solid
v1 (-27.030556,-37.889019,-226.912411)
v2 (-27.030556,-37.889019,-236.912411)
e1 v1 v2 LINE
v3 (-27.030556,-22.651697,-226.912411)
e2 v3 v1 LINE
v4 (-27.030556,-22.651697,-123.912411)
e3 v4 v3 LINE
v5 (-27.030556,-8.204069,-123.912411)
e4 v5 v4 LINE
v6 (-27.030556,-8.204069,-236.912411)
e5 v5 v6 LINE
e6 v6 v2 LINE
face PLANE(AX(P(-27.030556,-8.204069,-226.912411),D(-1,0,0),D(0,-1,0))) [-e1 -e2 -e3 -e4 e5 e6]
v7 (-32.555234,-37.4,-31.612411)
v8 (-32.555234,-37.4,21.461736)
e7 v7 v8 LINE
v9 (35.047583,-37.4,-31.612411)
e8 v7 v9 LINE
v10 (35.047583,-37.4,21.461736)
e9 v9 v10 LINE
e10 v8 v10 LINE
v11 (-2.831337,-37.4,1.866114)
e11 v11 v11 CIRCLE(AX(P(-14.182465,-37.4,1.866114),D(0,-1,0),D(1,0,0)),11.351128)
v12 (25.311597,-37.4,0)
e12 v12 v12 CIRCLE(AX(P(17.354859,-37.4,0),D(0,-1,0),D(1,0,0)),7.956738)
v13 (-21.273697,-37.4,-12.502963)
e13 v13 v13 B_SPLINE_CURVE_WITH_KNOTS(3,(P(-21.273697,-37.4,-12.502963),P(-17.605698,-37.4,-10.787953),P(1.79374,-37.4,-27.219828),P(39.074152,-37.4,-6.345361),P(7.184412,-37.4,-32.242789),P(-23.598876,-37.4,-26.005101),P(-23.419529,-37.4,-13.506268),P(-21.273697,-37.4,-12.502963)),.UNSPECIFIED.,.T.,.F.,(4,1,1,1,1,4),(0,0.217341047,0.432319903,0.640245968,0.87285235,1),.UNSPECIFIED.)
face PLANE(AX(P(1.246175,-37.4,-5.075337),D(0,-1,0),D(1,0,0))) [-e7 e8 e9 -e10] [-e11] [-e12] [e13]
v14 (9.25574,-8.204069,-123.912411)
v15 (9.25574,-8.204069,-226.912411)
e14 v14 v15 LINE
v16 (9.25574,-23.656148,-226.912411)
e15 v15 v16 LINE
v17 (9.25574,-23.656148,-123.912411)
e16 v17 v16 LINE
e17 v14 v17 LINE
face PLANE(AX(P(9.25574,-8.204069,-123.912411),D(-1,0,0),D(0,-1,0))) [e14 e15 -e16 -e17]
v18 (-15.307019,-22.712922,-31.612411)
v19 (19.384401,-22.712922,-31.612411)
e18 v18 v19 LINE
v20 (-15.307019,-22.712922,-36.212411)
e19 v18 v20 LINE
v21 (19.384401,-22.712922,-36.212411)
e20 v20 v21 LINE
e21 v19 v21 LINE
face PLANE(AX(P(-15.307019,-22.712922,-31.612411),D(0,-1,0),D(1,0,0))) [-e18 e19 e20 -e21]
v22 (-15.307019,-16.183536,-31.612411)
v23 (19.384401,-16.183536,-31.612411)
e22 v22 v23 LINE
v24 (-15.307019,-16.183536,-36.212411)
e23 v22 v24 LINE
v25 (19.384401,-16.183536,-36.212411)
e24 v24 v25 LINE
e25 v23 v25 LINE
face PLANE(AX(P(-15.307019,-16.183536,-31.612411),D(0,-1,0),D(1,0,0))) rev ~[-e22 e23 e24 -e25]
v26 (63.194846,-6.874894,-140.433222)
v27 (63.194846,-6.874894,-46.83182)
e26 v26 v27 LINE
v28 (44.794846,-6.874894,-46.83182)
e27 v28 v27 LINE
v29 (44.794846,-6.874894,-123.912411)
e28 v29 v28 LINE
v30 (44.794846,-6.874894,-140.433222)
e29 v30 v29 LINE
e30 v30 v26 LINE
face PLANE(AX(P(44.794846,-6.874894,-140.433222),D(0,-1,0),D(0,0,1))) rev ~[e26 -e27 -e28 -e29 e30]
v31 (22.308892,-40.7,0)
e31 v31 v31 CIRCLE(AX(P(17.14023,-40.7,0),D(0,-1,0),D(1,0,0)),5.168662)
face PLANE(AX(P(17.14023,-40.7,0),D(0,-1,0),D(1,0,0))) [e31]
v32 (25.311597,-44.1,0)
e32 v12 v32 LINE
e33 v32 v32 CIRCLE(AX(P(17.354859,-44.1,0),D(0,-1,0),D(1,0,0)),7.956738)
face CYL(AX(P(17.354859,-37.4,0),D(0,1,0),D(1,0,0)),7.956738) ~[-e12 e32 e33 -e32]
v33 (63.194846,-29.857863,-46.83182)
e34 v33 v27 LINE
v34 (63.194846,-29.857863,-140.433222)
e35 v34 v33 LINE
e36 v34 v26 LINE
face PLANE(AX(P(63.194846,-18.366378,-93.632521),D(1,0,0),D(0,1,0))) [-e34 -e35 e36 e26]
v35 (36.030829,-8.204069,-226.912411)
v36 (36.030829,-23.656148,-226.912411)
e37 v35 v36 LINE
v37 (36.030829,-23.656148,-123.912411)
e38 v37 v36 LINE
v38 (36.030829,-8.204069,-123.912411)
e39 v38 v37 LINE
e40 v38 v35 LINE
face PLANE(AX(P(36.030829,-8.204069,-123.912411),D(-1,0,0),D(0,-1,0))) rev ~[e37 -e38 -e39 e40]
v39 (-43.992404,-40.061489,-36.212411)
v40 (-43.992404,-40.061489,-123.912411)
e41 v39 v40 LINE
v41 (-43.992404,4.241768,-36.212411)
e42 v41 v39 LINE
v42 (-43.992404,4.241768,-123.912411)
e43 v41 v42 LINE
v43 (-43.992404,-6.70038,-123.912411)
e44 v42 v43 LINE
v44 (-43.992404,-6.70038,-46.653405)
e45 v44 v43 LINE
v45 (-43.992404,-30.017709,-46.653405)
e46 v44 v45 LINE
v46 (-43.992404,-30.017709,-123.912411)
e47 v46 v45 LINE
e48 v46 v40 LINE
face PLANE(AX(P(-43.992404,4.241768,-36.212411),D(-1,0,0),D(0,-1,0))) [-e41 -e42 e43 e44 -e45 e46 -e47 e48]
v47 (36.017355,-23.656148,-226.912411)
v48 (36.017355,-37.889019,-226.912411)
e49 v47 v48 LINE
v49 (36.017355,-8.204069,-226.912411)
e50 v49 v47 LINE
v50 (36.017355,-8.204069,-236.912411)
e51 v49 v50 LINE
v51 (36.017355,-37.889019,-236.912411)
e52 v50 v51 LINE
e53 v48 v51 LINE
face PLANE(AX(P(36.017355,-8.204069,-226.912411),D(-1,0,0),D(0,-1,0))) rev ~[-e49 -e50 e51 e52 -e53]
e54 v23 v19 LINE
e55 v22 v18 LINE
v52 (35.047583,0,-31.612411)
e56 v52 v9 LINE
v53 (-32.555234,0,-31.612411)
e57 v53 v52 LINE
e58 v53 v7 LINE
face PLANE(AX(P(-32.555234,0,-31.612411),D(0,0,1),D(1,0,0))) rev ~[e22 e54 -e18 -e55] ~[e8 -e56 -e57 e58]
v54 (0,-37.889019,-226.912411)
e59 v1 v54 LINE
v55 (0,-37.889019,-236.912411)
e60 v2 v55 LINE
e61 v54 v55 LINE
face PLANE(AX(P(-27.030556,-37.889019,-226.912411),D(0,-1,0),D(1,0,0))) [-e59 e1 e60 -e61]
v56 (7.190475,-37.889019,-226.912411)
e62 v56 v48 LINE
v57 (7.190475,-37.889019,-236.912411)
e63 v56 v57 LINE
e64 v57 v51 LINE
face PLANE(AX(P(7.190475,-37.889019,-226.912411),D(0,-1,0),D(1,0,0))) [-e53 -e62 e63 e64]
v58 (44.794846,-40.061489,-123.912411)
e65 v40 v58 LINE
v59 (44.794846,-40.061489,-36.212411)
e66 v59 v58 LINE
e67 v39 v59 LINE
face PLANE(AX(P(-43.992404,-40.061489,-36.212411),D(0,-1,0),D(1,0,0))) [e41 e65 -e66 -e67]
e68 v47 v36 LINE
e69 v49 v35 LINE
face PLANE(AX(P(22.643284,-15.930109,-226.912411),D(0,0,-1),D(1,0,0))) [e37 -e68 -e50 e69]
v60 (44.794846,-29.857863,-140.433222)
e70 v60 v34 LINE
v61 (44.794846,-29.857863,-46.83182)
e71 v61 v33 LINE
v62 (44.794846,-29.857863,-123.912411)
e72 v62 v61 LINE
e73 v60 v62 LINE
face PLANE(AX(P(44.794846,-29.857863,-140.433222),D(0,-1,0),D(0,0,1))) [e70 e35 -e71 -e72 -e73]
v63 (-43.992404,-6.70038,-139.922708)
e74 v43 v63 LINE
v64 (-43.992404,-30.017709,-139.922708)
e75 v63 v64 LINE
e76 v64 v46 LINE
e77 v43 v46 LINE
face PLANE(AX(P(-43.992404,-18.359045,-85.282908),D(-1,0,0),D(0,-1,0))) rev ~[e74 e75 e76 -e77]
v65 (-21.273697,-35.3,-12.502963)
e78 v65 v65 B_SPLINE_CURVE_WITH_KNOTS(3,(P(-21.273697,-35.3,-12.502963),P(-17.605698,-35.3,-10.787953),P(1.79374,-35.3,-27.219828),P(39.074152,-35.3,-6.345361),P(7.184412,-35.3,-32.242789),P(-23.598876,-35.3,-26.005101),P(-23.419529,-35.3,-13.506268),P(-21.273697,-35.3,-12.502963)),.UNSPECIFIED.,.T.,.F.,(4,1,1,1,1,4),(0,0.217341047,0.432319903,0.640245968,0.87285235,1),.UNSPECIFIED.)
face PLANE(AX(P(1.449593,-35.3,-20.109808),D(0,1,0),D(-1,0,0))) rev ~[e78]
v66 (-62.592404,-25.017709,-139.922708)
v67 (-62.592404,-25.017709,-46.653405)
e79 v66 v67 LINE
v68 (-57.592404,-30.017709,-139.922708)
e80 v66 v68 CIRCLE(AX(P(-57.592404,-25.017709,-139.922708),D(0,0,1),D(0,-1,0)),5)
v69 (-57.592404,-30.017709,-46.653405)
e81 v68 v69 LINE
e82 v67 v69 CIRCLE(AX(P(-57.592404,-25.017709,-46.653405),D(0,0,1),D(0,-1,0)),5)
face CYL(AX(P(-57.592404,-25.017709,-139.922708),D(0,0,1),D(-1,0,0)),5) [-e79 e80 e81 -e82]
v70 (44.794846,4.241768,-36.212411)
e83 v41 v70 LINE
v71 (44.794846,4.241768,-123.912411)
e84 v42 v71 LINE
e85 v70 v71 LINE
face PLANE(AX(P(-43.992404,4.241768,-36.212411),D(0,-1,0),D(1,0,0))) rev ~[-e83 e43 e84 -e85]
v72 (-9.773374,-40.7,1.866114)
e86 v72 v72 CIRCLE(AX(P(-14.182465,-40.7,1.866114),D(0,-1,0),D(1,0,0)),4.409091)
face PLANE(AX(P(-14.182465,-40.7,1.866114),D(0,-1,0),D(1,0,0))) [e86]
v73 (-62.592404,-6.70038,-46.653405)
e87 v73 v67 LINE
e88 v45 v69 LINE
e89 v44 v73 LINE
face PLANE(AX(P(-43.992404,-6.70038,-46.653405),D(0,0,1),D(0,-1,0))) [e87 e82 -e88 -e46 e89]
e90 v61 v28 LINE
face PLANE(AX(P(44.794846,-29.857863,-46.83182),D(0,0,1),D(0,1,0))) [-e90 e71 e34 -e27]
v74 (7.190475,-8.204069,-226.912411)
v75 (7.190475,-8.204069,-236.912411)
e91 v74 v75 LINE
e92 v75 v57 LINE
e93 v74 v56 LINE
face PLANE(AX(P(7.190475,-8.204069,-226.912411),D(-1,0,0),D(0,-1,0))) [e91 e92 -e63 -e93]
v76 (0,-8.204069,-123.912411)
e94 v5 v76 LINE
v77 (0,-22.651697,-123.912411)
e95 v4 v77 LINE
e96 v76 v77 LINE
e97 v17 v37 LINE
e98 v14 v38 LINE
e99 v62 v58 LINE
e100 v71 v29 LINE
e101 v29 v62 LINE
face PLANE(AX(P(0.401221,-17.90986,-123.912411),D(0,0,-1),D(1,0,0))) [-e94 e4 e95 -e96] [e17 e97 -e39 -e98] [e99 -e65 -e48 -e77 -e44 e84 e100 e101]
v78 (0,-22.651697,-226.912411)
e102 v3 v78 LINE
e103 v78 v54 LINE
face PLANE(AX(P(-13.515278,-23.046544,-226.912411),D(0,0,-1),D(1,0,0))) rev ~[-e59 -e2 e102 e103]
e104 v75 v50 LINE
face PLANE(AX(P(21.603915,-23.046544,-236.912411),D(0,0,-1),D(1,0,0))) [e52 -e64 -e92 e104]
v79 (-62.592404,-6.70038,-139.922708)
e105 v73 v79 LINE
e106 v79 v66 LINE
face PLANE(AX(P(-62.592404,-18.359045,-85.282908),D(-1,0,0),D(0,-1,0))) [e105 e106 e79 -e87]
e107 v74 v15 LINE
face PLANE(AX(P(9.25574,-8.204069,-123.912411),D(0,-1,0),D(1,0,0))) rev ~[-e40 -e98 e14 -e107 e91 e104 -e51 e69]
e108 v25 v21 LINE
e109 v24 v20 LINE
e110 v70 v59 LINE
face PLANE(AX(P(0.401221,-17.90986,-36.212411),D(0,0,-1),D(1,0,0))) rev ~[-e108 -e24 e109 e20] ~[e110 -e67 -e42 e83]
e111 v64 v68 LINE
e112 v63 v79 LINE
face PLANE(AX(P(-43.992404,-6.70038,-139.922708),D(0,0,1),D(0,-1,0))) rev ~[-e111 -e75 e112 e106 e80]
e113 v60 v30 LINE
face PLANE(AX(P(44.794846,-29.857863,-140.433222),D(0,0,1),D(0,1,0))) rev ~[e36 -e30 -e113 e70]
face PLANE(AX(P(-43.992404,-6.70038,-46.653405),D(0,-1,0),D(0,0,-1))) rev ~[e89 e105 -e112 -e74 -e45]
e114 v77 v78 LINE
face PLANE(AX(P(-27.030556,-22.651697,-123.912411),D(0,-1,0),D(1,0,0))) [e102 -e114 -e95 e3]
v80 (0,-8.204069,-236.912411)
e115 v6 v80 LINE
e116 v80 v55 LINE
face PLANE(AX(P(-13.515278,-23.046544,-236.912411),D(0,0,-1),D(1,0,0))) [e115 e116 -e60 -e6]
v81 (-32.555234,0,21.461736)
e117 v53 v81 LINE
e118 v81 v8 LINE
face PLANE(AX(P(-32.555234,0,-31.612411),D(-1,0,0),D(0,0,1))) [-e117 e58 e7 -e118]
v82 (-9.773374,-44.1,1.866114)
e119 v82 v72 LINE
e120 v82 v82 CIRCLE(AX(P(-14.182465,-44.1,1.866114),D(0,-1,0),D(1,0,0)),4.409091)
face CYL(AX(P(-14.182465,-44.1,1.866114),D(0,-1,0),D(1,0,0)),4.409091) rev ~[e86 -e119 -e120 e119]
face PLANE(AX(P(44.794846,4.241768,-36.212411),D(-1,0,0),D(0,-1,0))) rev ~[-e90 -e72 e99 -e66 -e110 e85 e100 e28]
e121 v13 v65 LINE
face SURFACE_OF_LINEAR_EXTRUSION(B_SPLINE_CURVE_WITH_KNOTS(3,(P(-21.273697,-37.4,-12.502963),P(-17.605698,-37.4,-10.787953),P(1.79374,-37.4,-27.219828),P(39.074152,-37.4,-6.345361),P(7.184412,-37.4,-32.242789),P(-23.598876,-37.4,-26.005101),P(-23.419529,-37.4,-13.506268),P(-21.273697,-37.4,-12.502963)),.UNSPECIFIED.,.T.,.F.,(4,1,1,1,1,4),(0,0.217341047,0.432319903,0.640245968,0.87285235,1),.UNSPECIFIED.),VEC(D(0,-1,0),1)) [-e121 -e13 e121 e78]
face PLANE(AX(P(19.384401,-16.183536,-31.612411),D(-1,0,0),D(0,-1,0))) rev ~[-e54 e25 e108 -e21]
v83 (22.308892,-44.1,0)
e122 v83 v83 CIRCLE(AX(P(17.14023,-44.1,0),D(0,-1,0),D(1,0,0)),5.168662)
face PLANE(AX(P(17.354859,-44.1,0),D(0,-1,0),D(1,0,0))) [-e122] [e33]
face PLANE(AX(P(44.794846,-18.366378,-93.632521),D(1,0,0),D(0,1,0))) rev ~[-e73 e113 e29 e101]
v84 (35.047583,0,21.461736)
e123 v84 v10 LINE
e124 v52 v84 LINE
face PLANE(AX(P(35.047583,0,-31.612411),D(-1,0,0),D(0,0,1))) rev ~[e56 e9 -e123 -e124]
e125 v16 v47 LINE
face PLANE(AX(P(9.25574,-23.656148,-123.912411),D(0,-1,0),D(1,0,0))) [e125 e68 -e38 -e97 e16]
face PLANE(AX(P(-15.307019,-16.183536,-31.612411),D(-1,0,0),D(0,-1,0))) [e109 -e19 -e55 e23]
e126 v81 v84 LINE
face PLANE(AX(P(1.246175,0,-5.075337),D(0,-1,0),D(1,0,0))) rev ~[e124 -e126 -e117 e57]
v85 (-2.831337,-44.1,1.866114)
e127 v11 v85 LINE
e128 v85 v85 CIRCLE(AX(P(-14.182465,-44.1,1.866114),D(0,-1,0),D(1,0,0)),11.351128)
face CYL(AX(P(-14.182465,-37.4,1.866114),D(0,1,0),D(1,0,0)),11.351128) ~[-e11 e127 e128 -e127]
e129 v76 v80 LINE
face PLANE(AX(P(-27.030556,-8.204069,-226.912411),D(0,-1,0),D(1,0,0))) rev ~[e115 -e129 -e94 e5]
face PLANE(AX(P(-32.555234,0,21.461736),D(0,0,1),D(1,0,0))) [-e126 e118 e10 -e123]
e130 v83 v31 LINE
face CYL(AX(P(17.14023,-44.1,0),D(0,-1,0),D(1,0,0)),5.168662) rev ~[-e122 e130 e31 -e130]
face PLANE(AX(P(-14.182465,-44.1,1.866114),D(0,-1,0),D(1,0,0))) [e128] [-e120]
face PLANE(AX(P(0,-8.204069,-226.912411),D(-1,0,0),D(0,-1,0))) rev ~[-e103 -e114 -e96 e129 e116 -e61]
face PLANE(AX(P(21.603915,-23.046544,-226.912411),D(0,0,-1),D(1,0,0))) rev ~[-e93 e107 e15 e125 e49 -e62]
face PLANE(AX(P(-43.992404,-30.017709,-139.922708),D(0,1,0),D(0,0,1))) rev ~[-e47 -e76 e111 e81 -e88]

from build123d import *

# Parameters (mm, degrees)
F0_W      = 67.6028169692
F0_H      = 53.0741475523
F1_DEPTH  = 37.4
F2_R      = 11.3511276649
F2_R_2    = 7.9567380282
F3_DEPTH  = 6.7
F4_R      = 4.4090907082
F4_R_2    = 5.1686616875
F5_DEPTH  = 3.4
F7_DEPTH  = 2.1
F8_W      = 34.6914194524
F8_H      = 6.529385224
F9_DEPTH  = 4.6
F10_W     = 88.7872502208
F10_H     = 44.3032570183
F11_DEPTH = 87.7
F12_W     = 22.9829689488
F12_H     = 93.6014018953
F13_DEPTH = 18.4
F14_W     = 23.3173291199
F14_H     = 77.2590063095
F14_H_2   = 16.0102971315
F15_DEPTH = 18.6
F16_W     = 27.0305555314
F16_H     = 14.4476275891
F16_W_2   = 26.7750890926
F16_H_2   = 15.4520794749
F17_DEPTH = 103
F18_W     = 27.0305555314
F18_H     = 29.6849496663
F18_W_2   = 28.8268793374
F19_DEPTH = 10
F20_R     = 5


with BuildPart() as f1:
    # F0 (on Front) → F1 (new body)
    with BuildSketch(Plane.XZ):
        with Locations((1.2461747974, -5.0753373653)):
            Rectangle(F0_W, F0_H)
    extrude(amount=F1_DEPTH)

    # F2 (on face) → F3 (join)
    with BuildSketch(Plane.XZ.offset(37.4)):
        with Locations((-14.182465151, 1.8661138602)):
            Circle(F2_R)
        with Locations((17.3548590392, 0)):
            Circle(F2_R_2)
    extrude(amount=F3_DEPTH)

    # F4 (on face) → F5 (cut)
    with BuildSketch(Plane.XZ.offset(44.1)):
        with Locations((-14.182465151, 1.8661138602)):
            Circle(F4_R)
        with Locations((17.1402301639, 0)):
            Circle(F4_R_2)
    extrude(amount=-F5_DEPTH, mode=Mode.SUBTRACT)

    # F6 (on face) → F7 (cut)
    with BuildSketch(Plane.XZ.offset(37.4)):
        with BuildLine():
            add(Edge.make_bspline(
                [(-21.2736967951, -12.5029627234), (-17.6056978222, -10.7879533319), (1.7937398343, -27.2198277591), (39.0741519283, -6.345360962), (7.1844121531, -32.2427894232), (-23.5988764514, -26.0051011351), (-23.4195291506, -13.5062679776), (-21.2736967951, -12.5029627234)],
                knots=[0, 0, 0, 0, 0.217341047, 0.4323199028, 0.6402459683, 0.8728523496, 1, 1, 1, 1], degree=3))
        make_face()
    extrude(amount=-F7_DEPTH, mode=Mode.SUBTRACT)

    # F8 (on face) → F9 (join)
    with BuildSketch(Plane(origin=(0, 0, -31.6124111414), x_dir=(1, 0, 0), z_dir=(0, 0, -1))):
        with Locations((2.0386911929, 19.4482291117)):
            Rectangle(F8_W, F8_H)
    extrude(amount=F9_DEPTH)

    # F10 (on face) → F11 (join)
    with BuildSketch(Plane(origin=(0, 0, -36.2124111414), x_dir=(1, 0, 0), z_dir=(0, 0, -1))):
        with Locations((0.4012212157, 17.9098602384)):
            Rectangle(F10_W, F10_H)
    extrude(amount=F11_DEPTH)

    # F12 (on face) → F13 (join)
    with BuildSketch(Plane.YZ.offset(44.7948463261)):
        with Locations((-18.3663782664, -93.6325211078)):
            Rectangle(F12_W, F12_H)
    extrude(amount=F13_DEPTH)

    # F14 (on face) → F15 (join)
    with BuildSketch(Plane(origin=(-43.9924038947, 0, 0), x_dir=(0, -1, 0), z_dir=(-1, 0, 0))):
        with Locations((18.3590447996, -85.2829079866)):
            Rectangle(F14_W, F14_H)
        with Locations((18.3590447996, -131.9175597072)):
            Rectangle(F14_W, F14_H_2)
    extrude(amount=F15_DEPTH)

    # F16 (on face) → F17 (join)
    with BuildSketch(Plane(origin=(0, 0, -123.9124111414), x_dir=(1, 0, 0), z_dir=(0, 0, -1))):
        with Locations((-13.5152777657, 15.4278827831)):
            Rectangle(F16_W, F16_H)
        with Locations((22.6432844065, 15.930108726)):
            Rectangle(F16_W_2, F16_H_2)
    extrude(amount=F17_DEPTH)

    # F18 (on face) → F19 (join)
    with BuildSketch(Plane(origin=(0, 0, -226.9124111414), x_dir=(1, 0, 0), z_dir=(0, 0, -1))):
        with Locations((-13.5152777657, 23.0465438217)):
            Rectangle(F18_W, F18_H)
        with Locations((21.6039149091, 23.0465438217)):
            Rectangle(F18_W_2, F18_H)
    extrude(amount=F19_DEPTH)

    # F20
    f20_edges = [f1.edges().sort_by_distance(p)[0] for p in [
        (-62.592404, -30.017709, -93.288057),
    ]]
    fillet(f20_edges, radius=F20_R)


solid = f1.part
